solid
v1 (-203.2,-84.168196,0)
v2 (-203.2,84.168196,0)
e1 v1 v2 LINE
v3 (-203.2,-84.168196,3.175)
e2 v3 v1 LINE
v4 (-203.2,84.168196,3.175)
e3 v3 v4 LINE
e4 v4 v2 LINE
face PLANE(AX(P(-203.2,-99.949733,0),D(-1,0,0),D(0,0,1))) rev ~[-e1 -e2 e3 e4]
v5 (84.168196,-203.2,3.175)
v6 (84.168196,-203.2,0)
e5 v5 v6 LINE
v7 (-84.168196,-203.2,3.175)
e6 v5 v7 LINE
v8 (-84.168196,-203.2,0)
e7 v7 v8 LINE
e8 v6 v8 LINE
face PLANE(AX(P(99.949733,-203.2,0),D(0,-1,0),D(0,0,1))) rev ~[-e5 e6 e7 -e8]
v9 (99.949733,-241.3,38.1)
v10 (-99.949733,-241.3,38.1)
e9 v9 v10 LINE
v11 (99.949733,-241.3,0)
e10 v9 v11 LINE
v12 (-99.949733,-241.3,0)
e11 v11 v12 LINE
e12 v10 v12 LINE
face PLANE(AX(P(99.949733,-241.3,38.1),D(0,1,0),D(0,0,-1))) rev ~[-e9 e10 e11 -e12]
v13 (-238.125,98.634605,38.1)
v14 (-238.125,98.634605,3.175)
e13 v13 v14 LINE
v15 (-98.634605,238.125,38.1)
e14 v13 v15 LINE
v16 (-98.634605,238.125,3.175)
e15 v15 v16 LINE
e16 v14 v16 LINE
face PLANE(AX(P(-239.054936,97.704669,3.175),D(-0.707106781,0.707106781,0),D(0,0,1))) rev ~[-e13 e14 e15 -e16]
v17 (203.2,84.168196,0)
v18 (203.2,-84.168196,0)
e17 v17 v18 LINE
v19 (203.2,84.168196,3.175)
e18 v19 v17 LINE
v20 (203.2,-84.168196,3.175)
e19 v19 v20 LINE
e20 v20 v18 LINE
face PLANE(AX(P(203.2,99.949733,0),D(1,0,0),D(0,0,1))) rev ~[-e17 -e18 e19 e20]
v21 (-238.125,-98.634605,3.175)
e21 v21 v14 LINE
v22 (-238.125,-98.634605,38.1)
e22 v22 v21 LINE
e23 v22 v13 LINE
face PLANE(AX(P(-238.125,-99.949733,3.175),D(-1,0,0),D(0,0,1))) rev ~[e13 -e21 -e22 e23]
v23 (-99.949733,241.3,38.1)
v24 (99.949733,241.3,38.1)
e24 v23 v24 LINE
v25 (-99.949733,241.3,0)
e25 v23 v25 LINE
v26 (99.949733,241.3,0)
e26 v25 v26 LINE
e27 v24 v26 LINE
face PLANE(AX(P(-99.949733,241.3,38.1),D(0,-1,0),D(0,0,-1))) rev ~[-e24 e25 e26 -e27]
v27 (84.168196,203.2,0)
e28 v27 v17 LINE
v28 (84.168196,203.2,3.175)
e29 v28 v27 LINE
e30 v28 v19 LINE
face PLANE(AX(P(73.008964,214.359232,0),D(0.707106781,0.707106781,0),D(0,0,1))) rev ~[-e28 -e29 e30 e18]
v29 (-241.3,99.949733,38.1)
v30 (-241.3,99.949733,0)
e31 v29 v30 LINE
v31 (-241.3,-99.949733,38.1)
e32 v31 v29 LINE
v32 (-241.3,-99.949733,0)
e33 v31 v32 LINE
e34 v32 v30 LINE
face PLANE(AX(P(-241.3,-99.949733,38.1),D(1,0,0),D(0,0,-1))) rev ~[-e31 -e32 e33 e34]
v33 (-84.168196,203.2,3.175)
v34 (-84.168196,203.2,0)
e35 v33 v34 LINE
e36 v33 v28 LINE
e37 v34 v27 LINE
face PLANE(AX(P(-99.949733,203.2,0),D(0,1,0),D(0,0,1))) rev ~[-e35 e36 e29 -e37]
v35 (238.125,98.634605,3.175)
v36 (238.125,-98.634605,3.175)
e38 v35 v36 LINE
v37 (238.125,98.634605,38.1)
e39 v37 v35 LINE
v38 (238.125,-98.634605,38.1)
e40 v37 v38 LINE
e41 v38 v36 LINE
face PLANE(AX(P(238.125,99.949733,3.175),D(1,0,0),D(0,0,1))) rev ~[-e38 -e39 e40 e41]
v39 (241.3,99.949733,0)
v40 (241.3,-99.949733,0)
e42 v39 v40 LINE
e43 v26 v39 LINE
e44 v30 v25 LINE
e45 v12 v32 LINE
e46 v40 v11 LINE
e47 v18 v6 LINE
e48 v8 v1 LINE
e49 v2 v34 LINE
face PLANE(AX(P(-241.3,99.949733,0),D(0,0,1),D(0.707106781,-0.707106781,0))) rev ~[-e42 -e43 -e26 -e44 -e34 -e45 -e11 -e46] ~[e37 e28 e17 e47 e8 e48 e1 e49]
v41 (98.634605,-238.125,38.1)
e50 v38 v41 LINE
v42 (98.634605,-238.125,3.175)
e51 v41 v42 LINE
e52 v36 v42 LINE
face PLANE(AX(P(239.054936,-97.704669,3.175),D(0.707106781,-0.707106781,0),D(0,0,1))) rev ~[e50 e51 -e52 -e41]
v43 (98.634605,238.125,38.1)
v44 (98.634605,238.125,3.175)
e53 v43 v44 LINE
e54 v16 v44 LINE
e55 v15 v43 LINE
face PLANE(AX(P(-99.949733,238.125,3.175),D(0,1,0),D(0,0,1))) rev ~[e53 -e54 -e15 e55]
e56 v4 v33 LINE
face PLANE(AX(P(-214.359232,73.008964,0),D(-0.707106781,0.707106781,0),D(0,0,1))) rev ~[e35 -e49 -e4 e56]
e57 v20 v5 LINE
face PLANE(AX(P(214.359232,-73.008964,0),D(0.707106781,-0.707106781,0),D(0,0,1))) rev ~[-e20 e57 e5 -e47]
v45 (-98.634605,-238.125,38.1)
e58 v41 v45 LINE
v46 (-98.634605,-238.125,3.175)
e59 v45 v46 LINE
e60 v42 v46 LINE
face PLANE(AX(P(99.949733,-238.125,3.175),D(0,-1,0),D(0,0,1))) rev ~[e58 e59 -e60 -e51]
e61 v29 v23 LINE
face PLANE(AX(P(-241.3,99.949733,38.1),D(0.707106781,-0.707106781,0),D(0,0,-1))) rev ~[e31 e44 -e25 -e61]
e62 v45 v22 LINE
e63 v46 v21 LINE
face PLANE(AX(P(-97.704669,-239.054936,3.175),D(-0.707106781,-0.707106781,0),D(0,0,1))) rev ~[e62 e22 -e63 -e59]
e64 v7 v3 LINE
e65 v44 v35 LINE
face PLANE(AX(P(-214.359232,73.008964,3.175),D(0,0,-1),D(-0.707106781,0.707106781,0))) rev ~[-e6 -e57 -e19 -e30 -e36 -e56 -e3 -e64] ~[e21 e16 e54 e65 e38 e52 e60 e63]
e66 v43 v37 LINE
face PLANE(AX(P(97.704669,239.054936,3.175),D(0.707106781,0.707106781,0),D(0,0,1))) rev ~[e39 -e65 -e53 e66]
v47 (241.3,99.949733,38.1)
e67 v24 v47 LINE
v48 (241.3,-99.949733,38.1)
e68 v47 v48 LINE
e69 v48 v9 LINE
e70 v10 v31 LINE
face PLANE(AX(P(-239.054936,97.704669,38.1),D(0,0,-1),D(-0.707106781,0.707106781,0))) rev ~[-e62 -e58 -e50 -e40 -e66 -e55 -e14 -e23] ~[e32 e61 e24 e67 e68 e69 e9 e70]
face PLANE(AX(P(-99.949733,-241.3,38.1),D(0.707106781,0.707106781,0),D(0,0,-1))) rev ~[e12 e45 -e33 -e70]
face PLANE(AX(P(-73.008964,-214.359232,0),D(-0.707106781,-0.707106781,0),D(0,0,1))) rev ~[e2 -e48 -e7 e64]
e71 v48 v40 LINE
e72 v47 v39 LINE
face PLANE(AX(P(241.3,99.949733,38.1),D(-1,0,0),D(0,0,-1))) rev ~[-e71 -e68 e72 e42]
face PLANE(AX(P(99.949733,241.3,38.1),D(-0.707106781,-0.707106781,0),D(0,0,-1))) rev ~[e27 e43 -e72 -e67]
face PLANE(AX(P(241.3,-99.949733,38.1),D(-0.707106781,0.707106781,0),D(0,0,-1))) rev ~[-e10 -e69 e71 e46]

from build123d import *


with BuildPart() as f2:
    # F2: sweep along a path in F1
    with BuildLine(Plane.XY) as f2_path:
        Line((-241.3, 0), (-241.3, 99.9497326006))
        Line((-241.3, 99.9497326006), (-99.9497326006, 241.3))
        Line((-99.9497326006, 241.3), (99.9497326006, 241.3))
        Line((99.9497326006, 241.3), (241.3, 99.9497326006))
        Line((241.3, 99.9497326006), (241.3, -99.9497326006))
        Line((241.3, -99.9497326006), (99.9497326006, -241.3))
        Line((99.9497326006, -241.3), (-99.9497326006, -241.3))
        Line((-99.9497326006, -241.3), (-241.3, -99.9497326006))
        Line((-241.3, -99.9497326006), (-241.3, 0))
    # F0 (on Front) → F2 (sweep)
    with BuildSketch(Plane.XZ):
        Polygon((-238.125, 38.1), (-241.3, 38.1), (-241.3, 0), (-203.2, 0), (-203.2, 3.175), (-238.125, 3.175), align=None)
    sweep(path=f2_path.line, transition=Transition.RIGHT)


solid = f2.part
